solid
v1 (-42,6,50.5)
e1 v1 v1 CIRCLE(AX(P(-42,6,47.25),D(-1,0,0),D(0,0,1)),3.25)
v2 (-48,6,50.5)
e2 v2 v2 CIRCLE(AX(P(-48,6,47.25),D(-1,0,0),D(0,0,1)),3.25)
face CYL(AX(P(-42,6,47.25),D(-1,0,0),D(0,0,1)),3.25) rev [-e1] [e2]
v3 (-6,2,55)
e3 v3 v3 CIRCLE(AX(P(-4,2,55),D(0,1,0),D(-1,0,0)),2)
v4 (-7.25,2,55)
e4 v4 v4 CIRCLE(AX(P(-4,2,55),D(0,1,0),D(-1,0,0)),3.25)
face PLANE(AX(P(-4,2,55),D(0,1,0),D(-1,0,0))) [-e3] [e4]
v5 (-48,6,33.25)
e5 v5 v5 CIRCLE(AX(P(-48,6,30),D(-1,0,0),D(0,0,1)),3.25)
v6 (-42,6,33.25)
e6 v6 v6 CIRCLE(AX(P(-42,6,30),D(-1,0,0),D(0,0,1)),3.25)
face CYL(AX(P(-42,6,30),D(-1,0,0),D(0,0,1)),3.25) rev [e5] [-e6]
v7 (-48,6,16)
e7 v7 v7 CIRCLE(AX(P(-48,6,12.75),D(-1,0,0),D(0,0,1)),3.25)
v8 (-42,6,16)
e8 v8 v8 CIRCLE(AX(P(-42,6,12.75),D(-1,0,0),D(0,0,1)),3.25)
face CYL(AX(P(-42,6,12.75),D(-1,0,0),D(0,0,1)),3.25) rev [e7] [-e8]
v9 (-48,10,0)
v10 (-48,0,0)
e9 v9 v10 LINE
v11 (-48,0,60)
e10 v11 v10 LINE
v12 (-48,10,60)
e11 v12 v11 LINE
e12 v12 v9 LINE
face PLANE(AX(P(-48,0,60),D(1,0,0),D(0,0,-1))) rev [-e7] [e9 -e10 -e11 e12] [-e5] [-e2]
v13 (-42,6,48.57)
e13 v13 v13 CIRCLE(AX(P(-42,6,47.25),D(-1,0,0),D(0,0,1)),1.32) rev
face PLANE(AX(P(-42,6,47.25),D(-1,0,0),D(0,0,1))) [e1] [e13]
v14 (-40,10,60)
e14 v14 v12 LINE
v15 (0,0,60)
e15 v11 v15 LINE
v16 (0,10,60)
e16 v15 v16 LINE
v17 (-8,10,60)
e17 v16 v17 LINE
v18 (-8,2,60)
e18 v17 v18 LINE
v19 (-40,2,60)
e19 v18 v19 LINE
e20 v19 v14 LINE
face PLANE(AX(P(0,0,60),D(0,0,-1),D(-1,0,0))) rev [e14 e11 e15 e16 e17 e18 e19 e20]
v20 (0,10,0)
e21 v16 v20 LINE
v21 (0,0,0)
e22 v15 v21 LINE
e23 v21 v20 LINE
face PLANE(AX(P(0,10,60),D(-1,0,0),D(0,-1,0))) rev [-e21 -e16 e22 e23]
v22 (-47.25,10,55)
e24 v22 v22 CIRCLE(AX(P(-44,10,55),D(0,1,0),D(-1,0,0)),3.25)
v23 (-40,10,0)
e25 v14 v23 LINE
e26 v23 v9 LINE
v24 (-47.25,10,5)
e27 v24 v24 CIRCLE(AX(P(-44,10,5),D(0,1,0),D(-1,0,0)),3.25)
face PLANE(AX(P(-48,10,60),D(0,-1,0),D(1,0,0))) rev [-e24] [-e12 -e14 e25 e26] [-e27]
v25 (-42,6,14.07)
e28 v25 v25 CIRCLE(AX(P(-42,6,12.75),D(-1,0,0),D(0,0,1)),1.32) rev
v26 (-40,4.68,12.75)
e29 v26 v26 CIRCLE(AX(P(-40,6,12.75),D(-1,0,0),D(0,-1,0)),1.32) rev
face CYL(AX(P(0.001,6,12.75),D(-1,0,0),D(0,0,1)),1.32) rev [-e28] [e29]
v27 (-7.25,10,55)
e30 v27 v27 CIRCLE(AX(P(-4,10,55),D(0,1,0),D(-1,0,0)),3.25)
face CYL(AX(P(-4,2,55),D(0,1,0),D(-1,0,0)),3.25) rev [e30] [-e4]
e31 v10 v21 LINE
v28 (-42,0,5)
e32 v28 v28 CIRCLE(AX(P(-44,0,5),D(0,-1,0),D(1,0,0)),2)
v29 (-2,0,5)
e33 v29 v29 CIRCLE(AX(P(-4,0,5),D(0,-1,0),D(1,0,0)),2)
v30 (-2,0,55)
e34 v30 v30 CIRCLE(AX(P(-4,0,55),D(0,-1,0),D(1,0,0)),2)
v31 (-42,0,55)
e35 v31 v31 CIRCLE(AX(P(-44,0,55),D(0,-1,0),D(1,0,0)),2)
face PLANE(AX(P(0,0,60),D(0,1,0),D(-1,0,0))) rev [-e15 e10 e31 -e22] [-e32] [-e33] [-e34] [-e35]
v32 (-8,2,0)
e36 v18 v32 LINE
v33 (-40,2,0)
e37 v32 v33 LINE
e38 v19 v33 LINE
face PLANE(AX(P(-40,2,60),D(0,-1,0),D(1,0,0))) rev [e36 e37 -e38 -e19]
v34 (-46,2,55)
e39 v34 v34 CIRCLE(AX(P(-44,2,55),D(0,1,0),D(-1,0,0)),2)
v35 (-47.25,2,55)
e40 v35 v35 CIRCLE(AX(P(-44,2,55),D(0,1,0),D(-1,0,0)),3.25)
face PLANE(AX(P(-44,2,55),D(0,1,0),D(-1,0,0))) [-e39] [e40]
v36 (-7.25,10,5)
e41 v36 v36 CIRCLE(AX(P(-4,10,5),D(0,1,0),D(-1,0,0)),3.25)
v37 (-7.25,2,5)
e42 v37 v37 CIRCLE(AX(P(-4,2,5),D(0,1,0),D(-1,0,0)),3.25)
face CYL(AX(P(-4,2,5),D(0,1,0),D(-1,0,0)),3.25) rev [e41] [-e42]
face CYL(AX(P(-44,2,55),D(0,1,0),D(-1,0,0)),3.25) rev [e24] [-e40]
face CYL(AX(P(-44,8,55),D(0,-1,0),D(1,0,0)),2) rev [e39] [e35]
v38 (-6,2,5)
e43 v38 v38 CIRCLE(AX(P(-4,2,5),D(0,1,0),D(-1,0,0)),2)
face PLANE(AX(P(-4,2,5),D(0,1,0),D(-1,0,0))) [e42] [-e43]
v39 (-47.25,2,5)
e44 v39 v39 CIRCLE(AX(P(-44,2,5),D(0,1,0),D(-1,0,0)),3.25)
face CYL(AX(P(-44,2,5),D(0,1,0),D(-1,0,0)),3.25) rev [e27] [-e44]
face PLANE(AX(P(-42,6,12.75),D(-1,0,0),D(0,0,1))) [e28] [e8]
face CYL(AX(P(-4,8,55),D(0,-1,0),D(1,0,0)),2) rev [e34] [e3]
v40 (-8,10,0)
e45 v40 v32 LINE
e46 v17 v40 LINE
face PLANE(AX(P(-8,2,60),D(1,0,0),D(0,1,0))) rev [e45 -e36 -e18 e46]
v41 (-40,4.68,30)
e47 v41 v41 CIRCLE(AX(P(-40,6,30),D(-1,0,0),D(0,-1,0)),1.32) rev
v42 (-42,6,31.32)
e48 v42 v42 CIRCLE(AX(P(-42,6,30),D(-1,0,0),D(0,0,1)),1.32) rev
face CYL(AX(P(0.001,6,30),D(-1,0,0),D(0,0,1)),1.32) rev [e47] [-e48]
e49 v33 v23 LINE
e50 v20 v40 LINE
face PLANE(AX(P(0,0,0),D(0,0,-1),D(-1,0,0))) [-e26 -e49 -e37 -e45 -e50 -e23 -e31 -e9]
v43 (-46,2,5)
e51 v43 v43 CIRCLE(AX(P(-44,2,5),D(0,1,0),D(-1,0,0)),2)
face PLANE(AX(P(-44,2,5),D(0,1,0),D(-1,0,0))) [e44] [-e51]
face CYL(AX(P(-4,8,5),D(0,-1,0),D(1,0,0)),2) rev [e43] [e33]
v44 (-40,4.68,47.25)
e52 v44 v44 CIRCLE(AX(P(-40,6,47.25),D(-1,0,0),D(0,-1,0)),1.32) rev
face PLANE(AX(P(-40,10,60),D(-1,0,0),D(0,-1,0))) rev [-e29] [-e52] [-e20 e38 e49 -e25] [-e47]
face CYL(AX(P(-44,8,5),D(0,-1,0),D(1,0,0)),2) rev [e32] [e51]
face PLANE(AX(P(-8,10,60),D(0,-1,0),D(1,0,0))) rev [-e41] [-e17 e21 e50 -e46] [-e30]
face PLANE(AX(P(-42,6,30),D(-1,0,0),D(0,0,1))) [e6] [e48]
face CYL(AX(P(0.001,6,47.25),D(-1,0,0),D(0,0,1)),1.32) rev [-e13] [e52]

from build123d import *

# Parameters (mm, degrees)
BOSS_EXTRUDE1_DEPTH = 60
SKETCH3_R           = 3.25
CUT_EXTRUDE1_DEPTH  = 8
SKETCH4_R           = 2
CUT_EXTRUDE2_DEPTH  = 8
CUT_EXTRUDE3_REACH  = 50
SKETCH5_R           = 1.32
SKETCH6_R           = 3.25
CUT_EXTRUDE4_DEPTH  = 6


with BuildPart() as part:
    # Sketch1 → Boss-Extrude1 (new body)
    with BuildSketch(Plane.XY):
        Polygon((-48, 0), (-48, 10), (-40, 10), (-40, 2), (-8, 2), (-8, 10), (0, 10), (0, 0), align=None)
    extrude(amount=BOSS_EXTRUDE1_DEPTH)

    # Sketch3 → Cut-Extrude1 (cut)
    with BuildSketch(Plane(origin=(0, 10, 0), x_dir=(1, 0, 0), z_dir=(0, 1, 0))):
        with Locations((-44, -5)):
            Circle(SKETCH3_R)
        with Locations((-4, -5)):
            Circle(SKETCH3_R)
        with Locations((-4, -55)):
            Circle(SKETCH3_R)
        with Locations((-44, -55)):
            Circle(SKETCH3_R)
    extrude(amount=-CUT_EXTRUDE1_DEPTH, mode=Mode.SUBTRACT)

    # Sketch4 → Cut-Extrude2 (cut)
    with BuildSketch(Plane.XZ):
        with Locations((-44, 55)):
            Circle(SKETCH4_R)
        with Locations((-4, 55)):
            Circle(SKETCH4_R)
        with Locations((-4, 5)):
            Circle(SKETCH4_R)
        with Locations((-44, 5)):
            Circle(SKETCH4_R)
    extrude(amount=-CUT_EXTRUDE2_DEPTH, mode=Mode.SUBTRACT)

    # Sketch5 → Cut-Extrude3 (cut, up to next)
    with BuildSketch(Plane.ZY.offset(48), mode=Mode.PRIVATE) as cut_extrude3_sk1:
        with Locations((12.75, 6)):
            Circle(SKETCH5_R)
    cut_extrude3_tool1 = extrude(cut_extrude3_sk1.sketch, amount=-CUT_EXTRUDE3_REACH, mode=Mode.PRIVATE) & part.part
    add(cut_extrude3_tool1.solids().sort_by_distance((-48, 6, 12.75))[0], mode=Mode.SUBTRACT)
    # Sketch5 → Cut-Extrude3 (cut, up to next)
    with BuildSketch(Plane.ZY.offset(48), mode=Mode.PRIVATE) as cut_extrude3_sk2:
        with Locations((30, 6)):
            Circle(SKETCH5_R)
    cut_extrude3_tool2 = extrude(cut_extrude3_sk2.sketch, amount=-CUT_EXTRUDE3_REACH, mode=Mode.PRIVATE) & part.part
    add(cut_extrude3_tool2.solids().sort_by_distance((-48, 6, 30))[0], mode=Mode.SUBTRACT)
    # Sketch5 → Cut-Extrude3 (cut, up to next)
    with BuildSketch(Plane.ZY.offset(48), mode=Mode.PRIVATE) as cut_extrude3_sk3:
        with Locations((47.25, 6)):
            Circle(SKETCH5_R)
    cut_extrude3_tool3 = extrude(cut_extrude3_sk3.sketch, amount=-CUT_EXTRUDE3_REACH, mode=Mode.PRIVATE) & part.part
    add(cut_extrude3_tool3.solids().sort_by_distance((-48, 6, 47.25))[0], mode=Mode.SUBTRACT)

    # Sketch6 → Cut-Extrude4 (cut)
    with BuildSketch(Plane.ZY.offset(48)):
        with Locations((12.75, 6)):
            Circle(SKETCH6_R)
        with Locations((30, 6)):
            Circle(SKETCH6_R)
        with Locations((47.25, 6)):
            Circle(SKETCH6_R)
    extrude(amount=-CUT_EXTRUDE4_DEPTH, mode=Mode.SUBTRACT)


solid = part.part
